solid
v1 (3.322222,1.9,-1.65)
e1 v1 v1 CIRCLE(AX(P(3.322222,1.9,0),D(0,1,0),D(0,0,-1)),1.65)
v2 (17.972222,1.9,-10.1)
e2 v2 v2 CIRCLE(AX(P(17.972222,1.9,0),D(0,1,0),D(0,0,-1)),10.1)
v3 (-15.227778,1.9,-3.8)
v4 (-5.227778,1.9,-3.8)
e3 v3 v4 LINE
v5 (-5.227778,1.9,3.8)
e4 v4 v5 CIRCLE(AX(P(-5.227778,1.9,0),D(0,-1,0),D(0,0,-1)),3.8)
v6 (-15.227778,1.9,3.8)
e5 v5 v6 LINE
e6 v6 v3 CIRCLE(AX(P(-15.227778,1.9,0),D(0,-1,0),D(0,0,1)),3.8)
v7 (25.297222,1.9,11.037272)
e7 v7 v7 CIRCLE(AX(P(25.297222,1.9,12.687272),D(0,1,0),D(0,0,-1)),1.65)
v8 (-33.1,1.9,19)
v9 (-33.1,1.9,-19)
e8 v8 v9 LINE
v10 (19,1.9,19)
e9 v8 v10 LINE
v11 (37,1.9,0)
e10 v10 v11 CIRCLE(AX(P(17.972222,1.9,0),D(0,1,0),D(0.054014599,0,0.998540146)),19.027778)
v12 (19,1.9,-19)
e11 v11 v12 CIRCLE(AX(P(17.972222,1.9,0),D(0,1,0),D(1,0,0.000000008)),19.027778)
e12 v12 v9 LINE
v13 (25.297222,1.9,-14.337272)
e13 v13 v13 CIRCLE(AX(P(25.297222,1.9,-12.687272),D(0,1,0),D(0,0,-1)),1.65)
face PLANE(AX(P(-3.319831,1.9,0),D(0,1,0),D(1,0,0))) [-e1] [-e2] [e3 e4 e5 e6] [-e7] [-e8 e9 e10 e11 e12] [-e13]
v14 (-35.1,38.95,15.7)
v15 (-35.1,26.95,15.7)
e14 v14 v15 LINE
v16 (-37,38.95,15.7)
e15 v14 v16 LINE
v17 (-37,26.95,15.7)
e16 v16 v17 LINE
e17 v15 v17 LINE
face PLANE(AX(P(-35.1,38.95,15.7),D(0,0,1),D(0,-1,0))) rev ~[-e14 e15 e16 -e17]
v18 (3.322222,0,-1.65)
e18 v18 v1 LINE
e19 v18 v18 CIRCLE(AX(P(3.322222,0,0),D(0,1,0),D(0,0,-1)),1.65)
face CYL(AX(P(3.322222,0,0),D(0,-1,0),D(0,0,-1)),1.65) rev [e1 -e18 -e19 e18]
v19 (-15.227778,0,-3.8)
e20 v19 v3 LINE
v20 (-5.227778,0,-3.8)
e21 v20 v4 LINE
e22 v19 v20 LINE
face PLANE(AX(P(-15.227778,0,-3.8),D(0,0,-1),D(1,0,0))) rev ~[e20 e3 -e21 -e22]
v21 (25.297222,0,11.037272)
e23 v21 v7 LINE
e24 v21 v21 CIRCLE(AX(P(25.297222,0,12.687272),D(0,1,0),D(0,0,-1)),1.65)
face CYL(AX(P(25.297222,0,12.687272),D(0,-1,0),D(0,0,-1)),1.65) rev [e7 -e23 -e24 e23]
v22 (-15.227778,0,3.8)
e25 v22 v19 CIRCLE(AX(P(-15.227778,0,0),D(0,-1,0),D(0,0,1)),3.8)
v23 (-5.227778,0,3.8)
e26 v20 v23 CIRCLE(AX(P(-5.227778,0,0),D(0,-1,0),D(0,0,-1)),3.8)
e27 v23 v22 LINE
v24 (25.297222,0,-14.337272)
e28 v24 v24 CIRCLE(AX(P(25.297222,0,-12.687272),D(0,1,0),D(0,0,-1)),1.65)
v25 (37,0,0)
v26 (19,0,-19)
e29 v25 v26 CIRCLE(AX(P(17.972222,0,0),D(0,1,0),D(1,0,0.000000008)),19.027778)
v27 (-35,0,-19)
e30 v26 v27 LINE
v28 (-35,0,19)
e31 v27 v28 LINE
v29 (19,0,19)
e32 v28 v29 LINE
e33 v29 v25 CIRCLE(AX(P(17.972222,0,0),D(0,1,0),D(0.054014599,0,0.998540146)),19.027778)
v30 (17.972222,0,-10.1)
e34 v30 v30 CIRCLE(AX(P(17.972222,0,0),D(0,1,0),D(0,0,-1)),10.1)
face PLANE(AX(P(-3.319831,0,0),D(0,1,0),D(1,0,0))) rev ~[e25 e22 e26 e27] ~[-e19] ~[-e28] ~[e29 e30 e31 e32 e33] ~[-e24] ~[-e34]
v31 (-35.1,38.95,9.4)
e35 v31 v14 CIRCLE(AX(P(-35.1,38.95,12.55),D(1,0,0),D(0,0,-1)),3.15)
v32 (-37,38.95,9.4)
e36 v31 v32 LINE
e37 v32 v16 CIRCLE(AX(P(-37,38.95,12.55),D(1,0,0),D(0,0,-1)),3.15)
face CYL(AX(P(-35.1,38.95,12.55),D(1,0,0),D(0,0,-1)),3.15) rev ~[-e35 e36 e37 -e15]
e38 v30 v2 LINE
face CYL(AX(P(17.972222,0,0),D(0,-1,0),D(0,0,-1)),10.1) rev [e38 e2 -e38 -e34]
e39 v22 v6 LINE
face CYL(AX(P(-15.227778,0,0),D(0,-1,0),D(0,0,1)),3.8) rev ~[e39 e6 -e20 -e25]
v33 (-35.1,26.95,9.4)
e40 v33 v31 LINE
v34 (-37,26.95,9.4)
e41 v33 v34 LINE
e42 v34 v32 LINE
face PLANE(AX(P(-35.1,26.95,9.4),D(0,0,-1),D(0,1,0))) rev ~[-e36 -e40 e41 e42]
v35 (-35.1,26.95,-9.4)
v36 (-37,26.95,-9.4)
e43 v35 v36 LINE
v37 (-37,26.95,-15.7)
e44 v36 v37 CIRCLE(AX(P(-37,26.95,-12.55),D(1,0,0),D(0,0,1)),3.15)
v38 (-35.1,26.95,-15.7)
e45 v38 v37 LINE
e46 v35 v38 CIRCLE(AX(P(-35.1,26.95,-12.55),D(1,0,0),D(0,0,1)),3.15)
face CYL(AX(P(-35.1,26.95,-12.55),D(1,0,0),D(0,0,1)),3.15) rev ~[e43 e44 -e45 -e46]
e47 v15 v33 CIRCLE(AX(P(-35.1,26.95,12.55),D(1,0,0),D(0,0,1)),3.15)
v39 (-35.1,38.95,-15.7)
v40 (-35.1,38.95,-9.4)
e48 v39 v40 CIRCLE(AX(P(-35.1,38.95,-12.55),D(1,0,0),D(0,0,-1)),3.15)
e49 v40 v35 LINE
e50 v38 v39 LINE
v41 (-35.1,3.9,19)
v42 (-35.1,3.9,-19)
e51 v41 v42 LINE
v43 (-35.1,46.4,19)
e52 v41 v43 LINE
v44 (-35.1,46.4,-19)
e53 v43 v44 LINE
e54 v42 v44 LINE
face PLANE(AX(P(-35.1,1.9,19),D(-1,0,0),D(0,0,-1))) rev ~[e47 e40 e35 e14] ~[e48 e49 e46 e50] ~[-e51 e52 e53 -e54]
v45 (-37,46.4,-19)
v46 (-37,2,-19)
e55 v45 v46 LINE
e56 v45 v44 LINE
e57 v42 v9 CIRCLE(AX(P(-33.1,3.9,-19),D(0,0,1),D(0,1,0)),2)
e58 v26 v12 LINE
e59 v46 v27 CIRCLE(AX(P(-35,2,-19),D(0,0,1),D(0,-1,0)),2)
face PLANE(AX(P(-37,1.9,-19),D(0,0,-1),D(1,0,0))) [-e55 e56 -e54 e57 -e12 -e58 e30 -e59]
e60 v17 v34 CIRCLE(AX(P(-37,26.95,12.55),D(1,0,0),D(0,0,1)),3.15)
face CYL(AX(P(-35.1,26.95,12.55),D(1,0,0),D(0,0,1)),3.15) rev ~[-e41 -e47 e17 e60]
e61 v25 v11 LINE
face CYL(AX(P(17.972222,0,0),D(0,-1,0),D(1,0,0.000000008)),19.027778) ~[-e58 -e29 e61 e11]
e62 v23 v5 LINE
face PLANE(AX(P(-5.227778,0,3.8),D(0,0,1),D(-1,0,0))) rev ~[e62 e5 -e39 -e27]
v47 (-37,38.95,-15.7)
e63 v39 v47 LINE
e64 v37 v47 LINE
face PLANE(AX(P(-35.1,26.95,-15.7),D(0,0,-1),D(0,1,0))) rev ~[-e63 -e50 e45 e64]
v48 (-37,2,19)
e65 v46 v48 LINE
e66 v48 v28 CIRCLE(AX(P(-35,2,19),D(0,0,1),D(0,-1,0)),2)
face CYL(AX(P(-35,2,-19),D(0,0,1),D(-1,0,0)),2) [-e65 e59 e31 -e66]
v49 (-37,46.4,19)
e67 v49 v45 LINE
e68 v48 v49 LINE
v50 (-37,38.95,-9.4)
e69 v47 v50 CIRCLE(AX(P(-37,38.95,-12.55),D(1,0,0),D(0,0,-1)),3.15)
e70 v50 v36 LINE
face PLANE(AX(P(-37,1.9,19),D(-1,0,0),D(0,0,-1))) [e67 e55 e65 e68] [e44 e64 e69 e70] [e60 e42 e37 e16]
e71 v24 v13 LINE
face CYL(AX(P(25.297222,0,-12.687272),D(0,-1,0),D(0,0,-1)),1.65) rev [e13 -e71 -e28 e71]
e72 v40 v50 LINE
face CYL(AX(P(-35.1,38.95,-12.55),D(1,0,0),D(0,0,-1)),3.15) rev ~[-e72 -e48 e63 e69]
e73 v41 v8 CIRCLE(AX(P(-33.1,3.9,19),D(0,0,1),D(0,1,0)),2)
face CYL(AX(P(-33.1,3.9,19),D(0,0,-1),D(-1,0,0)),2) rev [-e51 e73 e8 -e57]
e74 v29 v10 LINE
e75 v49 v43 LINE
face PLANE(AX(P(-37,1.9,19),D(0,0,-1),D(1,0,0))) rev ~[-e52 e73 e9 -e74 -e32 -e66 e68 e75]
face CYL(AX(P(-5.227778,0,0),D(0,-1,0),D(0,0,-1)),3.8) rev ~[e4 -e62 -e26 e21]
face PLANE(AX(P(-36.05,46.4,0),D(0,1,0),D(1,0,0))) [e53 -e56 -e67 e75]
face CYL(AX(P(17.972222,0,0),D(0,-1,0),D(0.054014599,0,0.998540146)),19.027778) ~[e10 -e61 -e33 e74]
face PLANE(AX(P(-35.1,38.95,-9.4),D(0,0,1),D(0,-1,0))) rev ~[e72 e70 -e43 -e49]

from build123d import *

# Parameters (mm, degrees)
SKETCH1_R           = 1.65
SKETCH1_R_2         = 10.1
BOSS_EXTRUDE1_DEPTH = 1.9
SKETCH2_W           = 1.9
SKETCH2_H           = 38
BOSS_EXTRUDE2_DEPTH = 44.5
CUT_EXTRUDE1_REACH  = 89.82
FILLET1_R           = 2


with BuildPart() as part:
    # Sketch1 → Boss-Extrude1 (new body)
    with BuildSketch(Plane(origin=(0, 0, 0), x_dir=(1, 0, 0), z_dir=(0, 1, 0))):
        with BuildLine():
            Line((-37, 19), (-37, -19))
            Line((-37, -19), (19, -19))
            ThreePointArc((19, -19), (31.785488519, -13.086252381), (37, -1.44e-07))
            ThreePointArc((37, -1.44e-07), (31.785488618, 13.086252276), (19, 19))
            Line((19, 19), (-37, 19))
        make_face()
        with Locations(Location((25.297222222, -12.687272165, 0), (0, 0, 90))):
            Circle(SKETCH1_R, mode=Mode.SUBTRACT)
        with BuildLine():
            ThreePointArc((-15.227777778, -3.8), (-19.027777778, 0), (-15.227777778, 3.8))
            Line((-15.227777778, 3.8), (-5.227777778, 3.8))
            ThreePointArc((-5.227777778, 3.8), (-1.427777778, 0), (-5.227777778, -3.8))
            Line((-5.227777778, -3.8), (-15.227777778, -3.8))
        make_face(mode=Mode.SUBTRACT)
        with Locations(Location((3.322222222, 0, 0), (0, 0, 90))):
            Circle(SKETCH1_R, mode=Mode.SUBTRACT)
        with Locations(Location((17.972222222, 0, 0), (0, 0, 90))):
            Circle(SKETCH1_R_2, mode=Mode.SUBTRACT)
        with Locations(Location((25.297222222, 12.687272165, 0), (0, 0, 90))):
            Circle(SKETCH1_R, mode=Mode.SUBTRACT)
    extrude(amount=BOSS_EXTRUDE1_DEPTH)

    # Sketch2 → Boss-Extrude2 (add)
    with BuildSketch(Plane(origin=(0, 1.9, 0), x_dir=(1, 0, 0), z_dir=(0, 1, 0))):
        with Locations((-36.05, 0)):
            Rectangle(SKETCH2_W, SKETCH2_H)
    extrude(amount=BOSS_EXTRUDE2_DEPTH)

    # Sketch3 → Cut-Extrude1 (cut, up to next)
    with BuildSketch(Plane(origin=(-35.1, 0, 0), x_dir=(0, 0, -1), z_dir=(1, 0, 0)), mode=Mode.PRIVATE) as cut_extrude1_sk1:
        with BuildLine():
            ThreePointArc((-9.4, 38.95), (-12.55, 42.1), (-15.7, 38.95))
            Line((-15.7, 38.95), (-9.4, 38.95))
        make_face()
    cut_extrude1_tool1 = extrude(cut_extrude1_sk1.sketch, amount=-CUT_EXTRUDE1_REACH, mode=Mode.PRIVATE) & part.part
    # Sketch3 → Cut-Extrude1 (cut, up to next)
    with BuildSketch(Plane(origin=(-35.1, 0, 0), x_dir=(0, 0, -1), z_dir=(1, 0, 0)), mode=Mode.PRIVATE) as cut_extrude1_sk2:
        with BuildLine():
            Line((-9.4, 38.95), (-15.7, 38.95))
            ThreePointArc((-15.7, 38.95), (-12.55, 35.8), (-9.4, 38.95))
        make_face()
    cut_extrude1_tool2 = extrude(cut_extrude1_sk2.sketch, amount=-CUT_EXTRUDE1_REACH, mode=Mode.PRIVATE) & part.part
    # Sketch3 → Cut-Extrude1 (cut, up to next)
    with BuildSketch(Plane(origin=(-35.1, 0, 0), x_dir=(0, 0, -1), z_dir=(1, 0, 0)), mode=Mode.PRIVATE) as cut_extrude1_sk3:
        with BuildLine():
            ThreePointArc((-9.4, 38.95), (-12.55, 42.1), (-15.7, 38.95))
            Line((-15.7, 38.95), (-9.4, 38.95))
        make_face()
    cut_extrude1_tool3 = extrude(cut_extrude1_sk3.sketch, amount=-CUT_EXTRUDE1_REACH, mode=Mode.PRIVATE) & part.part
    # Sketch3 → Cut-Extrude1 (cut, up to next)
    with BuildSketch(Plane(origin=(-35.1, 0, 0), x_dir=(0, 0, -1), z_dir=(1, 0, 0)), mode=Mode.PRIVATE) as cut_extrude1_sk4:
        with BuildLine():
            Line((-9.4, 38.95), (-15.7, 38.95))
            ThreePointArc((-15.7, 38.95), (-12.55, 35.8), (-9.4, 38.95))
        make_face()
    cut_extrude1_tool4 = extrude(cut_extrude1_sk4.sketch, amount=-CUT_EXTRUDE1_REACH, mode=Mode.PRIVATE) & part.part
    # Sketch3 → Cut-Extrude1 (cut, up to next)
    with BuildSketch(Plane(origin=(-35.1, 0, 0), x_dir=(0, 0, -1), z_dir=(1, 0, 0)), mode=Mode.PRIVATE) as cut_extrude1_sk5:
        with BuildLine():
            Line((-15.7, 38.95), (-15.7, 26.95))
            ThreePointArc((-15.7, 26.95), (-12.55, 30.1), (-9.4, 26.95))
            Line((-9.4, 26.95), (-9.4, 38.95))
            ThreePointArc((-9.4, 38.95), (-12.55, 35.8), (-15.7, 38.95))
        make_face()
    cut_extrude1_tool5 = extrude(cut_extrude1_sk5.sketch, amount=-CUT_EXTRUDE1_REACH, mode=Mode.PRIVATE) & part.part
    # Sketch3 → Cut-Extrude1 (cut, up to next)
    with BuildSketch(Plane(origin=(-35.1, 0, 0), x_dir=(0, 0, -1), z_dir=(1, 0, 0)), mode=Mode.PRIVATE) as cut_extrude1_sk6:
        with BuildLine():
            ThreePointArc((-9.4, 26.95), (-12.55, 30.1), (-15.7, 26.95))
            Line((-15.7, 26.95), (-9.4, 26.95))
        make_face()
    cut_extrude1_tool6 = extrude(cut_extrude1_sk6.sketch, amount=-CUT_EXTRUDE1_REACH, mode=Mode.PRIVATE) & part.part
    # Sketch3 → Cut-Extrude1 (cut, up to next)
    with BuildSketch(Plane(origin=(-35.1, 0, 0), x_dir=(0, 0, -1), z_dir=(1, 0, 0)), mode=Mode.PRIVATE) as cut_extrude1_sk7:
        with BuildLine():
            Line((-9.4, 26.95), (-15.7, 26.95))
            ThreePointArc((-15.7, 26.95), (-12.55, 23.8), (-9.4, 26.95))
        make_face()
    cut_extrude1_tool7 = extrude(cut_extrude1_sk7.sketch, amount=-CUT_EXTRUDE1_REACH, mode=Mode.PRIVATE) & part.part
    # Sketch3 → Cut-Extrude1 (cut, up to next)
    with BuildSketch(Plane(origin=(-35.1, 0, 0), x_dir=(0, 0, -1), z_dir=(1, 0, 0)), mode=Mode.PRIVATE) as cut_extrude1_sk8:
        with BuildLine():
            Line((9.4, 38.95), (9.4, 26.95))
            ThreePointArc((9.4, 26.95), (12.55, 30.1), (15.7, 26.95))
            Line((15.7, 26.95), (15.7, 38.95))
            ThreePointArc((15.7, 38.95), (12.55, 35.8), (9.4, 38.95))
        make_face()
    cut_extrude1_tool8 = extrude(cut_extrude1_sk8.sketch, amount=-CUT_EXTRUDE1_REACH, mode=Mode.PRIVATE) & part.part
    # Sketch3 → Cut-Extrude1 (cut, up to next)
    with BuildSketch(Plane(origin=(-35.1, 0, 0), x_dir=(0, 0, -1), z_dir=(1, 0, 0)), mode=Mode.PRIVATE) as cut_extrude1_sk9:
        with BuildLine():
            ThreePointArc((15.7, 38.95), (12.55, 42.1), (9.4, 38.95))
            Line((9.4, 38.95), (15.7, 38.95))
        make_face()
    cut_extrude1_tool9 = extrude(cut_extrude1_sk9.sketch, amount=-CUT_EXTRUDE1_REACH, mode=Mode.PRIVATE) & part.part
    # Sketch3 → Cut-Extrude1 (cut, up to next)
    with BuildSketch(Plane(origin=(-35.1, 0, 0), x_dir=(0, 0, -1), z_dir=(1, 0, 0)), mode=Mode.PRIVATE) as cut_extrude1_sk10:
        with BuildLine():
            Line((15.7, 38.95), (9.4, 38.95))
            ThreePointArc((9.4, 38.95), (12.55, 35.8), (15.7, 38.95))
        make_face()
    cut_extrude1_tool10 = extrude(cut_extrude1_sk10.sketch, amount=-CUT_EXTRUDE1_REACH, mode=Mode.PRIVATE) & part.part
    # Sketch3 → Cut-Extrude1 (cut, up to next)
    with BuildSketch(Plane(origin=(-35.1, 0, 0), x_dir=(0, 0, -1), z_dir=(1, 0, 0)), mode=Mode.PRIVATE) as cut_extrude1_sk11:
        with BuildLine():
            ThreePointArc((15.7, 38.95), (12.55, 42.1), (9.4, 38.95))
            Line((9.4, 38.95), (15.7, 38.95))
        make_face()
    cut_extrude1_tool11 = extrude(cut_extrude1_sk11.sketch, amount=-CUT_EXTRUDE1_REACH, mode=Mode.PRIVATE) & part.part
    # Sketch3 → Cut-Extrude1 (cut, up to next)
    with BuildSketch(Plane(origin=(-35.1, 0, 0), x_dir=(0, 0, -1), z_dir=(1, 0, 0)), mode=Mode.PRIVATE) as cut_extrude1_sk12:
        with BuildLine():
            Line((15.7, 38.95), (9.4, 38.95))
            ThreePointArc((9.4, 38.95), (12.55, 35.8), (15.7, 38.95))
        make_face()
    cut_extrude1_tool12 = extrude(cut_extrude1_sk12.sketch, amount=-CUT_EXTRUDE1_REACH, mode=Mode.PRIVATE) & part.part
    # Sketch3 → Cut-Extrude1 (cut, up to next)
    with BuildSketch(Plane(origin=(-35.1, 0, 0), x_dir=(0, 0, -1), z_dir=(1, 0, 0)), mode=Mode.PRIVATE) as cut_extrude1_sk13:
        with BuildLine():
            ThreePointArc((15.7, 26.95), (12.55, 30.1), (9.4, 26.95))
            Line((9.4, 26.95), (15.7, 26.95))
        make_face()
    cut_extrude1_tool13 = extrude(cut_extrude1_sk13.sketch, amount=-CUT_EXTRUDE1_REACH, mode=Mode.PRIVATE) & part.part
    # Sketch3 → Cut-Extrude1 (cut, up to next)
    with BuildSketch(Plane(origin=(-35.1, 0, 0), x_dir=(0, 0, -1), z_dir=(1, 0, 0)), mode=Mode.PRIVATE) as cut_extrude1_sk14:
        with BuildLine():
            Line((15.7, 26.95), (9.4, 26.95))
            ThreePointArc((9.4, 26.95), (12.55, 23.8), (15.7, 26.95))
        make_face()
    cut_extrude1_tool14 = extrude(cut_extrude1_sk14.sketch, amount=-CUT_EXTRUDE1_REACH, mode=Mode.PRIVATE) & part.part
    # Sketch3 → Cut-Extrude1 (cut, up to next)
    with BuildSketch(Plane(origin=(-35.1, 0, 0), x_dir=(0, 0, -1), z_dir=(1, 0, 0)), mode=Mode.PRIVATE) as cut_extrude1_sk15:
        with BuildLine():
            ThreePointArc((15.7, 26.95), (12.55, 30.1), (9.4, 26.95))
            Line((9.4, 26.95), (15.7, 26.95))
        make_face()
    cut_extrude1_tool15 = extrude(cut_extrude1_sk15.sketch, amount=-CUT_EXTRUDE1_REACH, mode=Mode.PRIVATE) & part.part
    # Sketch3 → Cut-Extrude1 (cut, up to next)
    with BuildSketch(Plane(origin=(-35.1, 0, 0), x_dir=(0, 0, -1), z_dir=(1, 0, 0)), mode=Mode.PRIVATE) as cut_extrude1_sk16:
        with BuildLine():
            Line((15.7, 26.95), (9.4, 26.95))
            ThreePointArc((9.4, 26.95), (12.55, 23.8), (15.7, 26.95))
        make_face()
    cut_extrude1_tool16 = extrude(cut_extrude1_sk16.sketch, amount=-CUT_EXTRUDE1_REACH, mode=Mode.PRIVATE) & part.part
    # Sketch3 → Cut-Extrude1 (cut, up to next)
    with BuildSketch(Plane(origin=(-35.1, 0, 0), x_dir=(0, 0, -1), z_dir=(1, 0, 0)), mode=Mode.PRIVATE) as cut_extrude1_sk17:
        with BuildLine():
            ThreePointArc((-9.4, 26.95), (-12.55, 30.1), (-15.7, 26.95))
            Line((-15.7, 26.95), (-9.4, 26.95))
        make_face()
    cut_extrude1_tool17 = extrude(cut_extrude1_sk17.sketch, amount=-CUT_EXTRUDE1_REACH, mode=Mode.PRIVATE) & part.part
    # Sketch3 → Cut-Extrude1 (cut, up to next)
    with BuildSketch(Plane(origin=(-35.1, 0, 0), x_dir=(0, 0, -1), z_dir=(1, 0, 0)), mode=Mode.PRIVATE) as cut_extrude1_sk18:
        with BuildLine():
            Line((-9.4, 26.95), (-15.7, 26.95))
            ThreePointArc((-15.7, 26.95), (-12.55, 23.8), (-9.4, 26.95))
        make_face()
    cut_extrude1_tool18 = extrude(cut_extrude1_sk18.sketch, amount=-CUT_EXTRUDE1_REACH, mode=Mode.PRIVATE) & part.part
    add(cut_extrude1_tool1.solids().sort_by_distance((-35.1, 40.286902, 12.55))[0], mode=Mode.SUBTRACT)
    add(cut_extrude1_tool2.solids().sort_by_distance((-35.1, 37.613098, 12.55))[0], mode=Mode.SUBTRACT)
    add(cut_extrude1_tool3.solids().sort_by_distance((-35.1, 40.286902, 12.55))[0], mode=Mode.SUBTRACT)
    add(cut_extrude1_tool4.solids().sort_by_distance((-35.1, 37.613098, 12.55))[0], mode=Mode.SUBTRACT)
    add(cut_extrude1_tool5.solids().sort_by_distance((-35.1, 32.95, 12.55))[0], mode=Mode.SUBTRACT)
    add(cut_extrude1_tool6.solids().sort_by_distance((-35.1, 28.286902, 12.55))[0], mode=Mode.SUBTRACT)
    add(cut_extrude1_tool7.solids().sort_by_distance((-35.1, 25.613098, 12.55))[0], mode=Mode.SUBTRACT)
    add(cut_extrude1_tool8.solids().sort_by_distance((-35.1, 32.95, -12.55))[0], mode=Mode.SUBTRACT)
    add(cut_extrude1_tool9.solids().sort_by_distance((-35.1, 40.286902, -12.55))[0], mode=Mode.SUBTRACT)
    add(cut_extrude1_tool10.solids().sort_by_distance((-35.1, 37.613098, -12.55))[0], mode=Mode.SUBTRACT)
    add(cut_extrude1_tool11.solids().sort_by_distance((-35.1, 40.286902, -12.55))[0], mode=Mode.SUBTRACT)
    add(cut_extrude1_tool12.solids().sort_by_distance((-35.1, 37.613098, -12.55))[0], mode=Mode.SUBTRACT)
    add(cut_extrude1_tool13.solids().sort_by_distance((-35.1, 28.286902, -12.55))[0], mode=Mode.SUBTRACT)
    add(cut_extrude1_tool14.solids().sort_by_distance((-35.1, 25.613098, -12.55))[0], mode=Mode.SUBTRACT)
    add(cut_extrude1_tool15.solids().sort_by_distance((-35.1, 28.286902, -12.55))[0], mode=Mode.SUBTRACT)
    add(cut_extrude1_tool16.solids().sort_by_distance((-35.1, 25.613098, -12.55))[0], mode=Mode.SUBTRACT)
    add(cut_extrude1_tool17.solids().sort_by_distance((-35.1, 28.286902, 12.55))[0], mode=Mode.SUBTRACT)
    add(cut_extrude1_tool18.solids().sort_by_distance((-35.1, 25.613098, 12.55))[0], mode=Mode.SUBTRACT)

    # Fillet1
    fillet1_edges = [part.edges().sort_by_distance(p)[0] for p in [
        (-37, 0, 0),
        (-35.1, 1.9, 0),
    ]]
    fillet(fillet1_edges, radius=FILLET1_R)


solid = part.part
